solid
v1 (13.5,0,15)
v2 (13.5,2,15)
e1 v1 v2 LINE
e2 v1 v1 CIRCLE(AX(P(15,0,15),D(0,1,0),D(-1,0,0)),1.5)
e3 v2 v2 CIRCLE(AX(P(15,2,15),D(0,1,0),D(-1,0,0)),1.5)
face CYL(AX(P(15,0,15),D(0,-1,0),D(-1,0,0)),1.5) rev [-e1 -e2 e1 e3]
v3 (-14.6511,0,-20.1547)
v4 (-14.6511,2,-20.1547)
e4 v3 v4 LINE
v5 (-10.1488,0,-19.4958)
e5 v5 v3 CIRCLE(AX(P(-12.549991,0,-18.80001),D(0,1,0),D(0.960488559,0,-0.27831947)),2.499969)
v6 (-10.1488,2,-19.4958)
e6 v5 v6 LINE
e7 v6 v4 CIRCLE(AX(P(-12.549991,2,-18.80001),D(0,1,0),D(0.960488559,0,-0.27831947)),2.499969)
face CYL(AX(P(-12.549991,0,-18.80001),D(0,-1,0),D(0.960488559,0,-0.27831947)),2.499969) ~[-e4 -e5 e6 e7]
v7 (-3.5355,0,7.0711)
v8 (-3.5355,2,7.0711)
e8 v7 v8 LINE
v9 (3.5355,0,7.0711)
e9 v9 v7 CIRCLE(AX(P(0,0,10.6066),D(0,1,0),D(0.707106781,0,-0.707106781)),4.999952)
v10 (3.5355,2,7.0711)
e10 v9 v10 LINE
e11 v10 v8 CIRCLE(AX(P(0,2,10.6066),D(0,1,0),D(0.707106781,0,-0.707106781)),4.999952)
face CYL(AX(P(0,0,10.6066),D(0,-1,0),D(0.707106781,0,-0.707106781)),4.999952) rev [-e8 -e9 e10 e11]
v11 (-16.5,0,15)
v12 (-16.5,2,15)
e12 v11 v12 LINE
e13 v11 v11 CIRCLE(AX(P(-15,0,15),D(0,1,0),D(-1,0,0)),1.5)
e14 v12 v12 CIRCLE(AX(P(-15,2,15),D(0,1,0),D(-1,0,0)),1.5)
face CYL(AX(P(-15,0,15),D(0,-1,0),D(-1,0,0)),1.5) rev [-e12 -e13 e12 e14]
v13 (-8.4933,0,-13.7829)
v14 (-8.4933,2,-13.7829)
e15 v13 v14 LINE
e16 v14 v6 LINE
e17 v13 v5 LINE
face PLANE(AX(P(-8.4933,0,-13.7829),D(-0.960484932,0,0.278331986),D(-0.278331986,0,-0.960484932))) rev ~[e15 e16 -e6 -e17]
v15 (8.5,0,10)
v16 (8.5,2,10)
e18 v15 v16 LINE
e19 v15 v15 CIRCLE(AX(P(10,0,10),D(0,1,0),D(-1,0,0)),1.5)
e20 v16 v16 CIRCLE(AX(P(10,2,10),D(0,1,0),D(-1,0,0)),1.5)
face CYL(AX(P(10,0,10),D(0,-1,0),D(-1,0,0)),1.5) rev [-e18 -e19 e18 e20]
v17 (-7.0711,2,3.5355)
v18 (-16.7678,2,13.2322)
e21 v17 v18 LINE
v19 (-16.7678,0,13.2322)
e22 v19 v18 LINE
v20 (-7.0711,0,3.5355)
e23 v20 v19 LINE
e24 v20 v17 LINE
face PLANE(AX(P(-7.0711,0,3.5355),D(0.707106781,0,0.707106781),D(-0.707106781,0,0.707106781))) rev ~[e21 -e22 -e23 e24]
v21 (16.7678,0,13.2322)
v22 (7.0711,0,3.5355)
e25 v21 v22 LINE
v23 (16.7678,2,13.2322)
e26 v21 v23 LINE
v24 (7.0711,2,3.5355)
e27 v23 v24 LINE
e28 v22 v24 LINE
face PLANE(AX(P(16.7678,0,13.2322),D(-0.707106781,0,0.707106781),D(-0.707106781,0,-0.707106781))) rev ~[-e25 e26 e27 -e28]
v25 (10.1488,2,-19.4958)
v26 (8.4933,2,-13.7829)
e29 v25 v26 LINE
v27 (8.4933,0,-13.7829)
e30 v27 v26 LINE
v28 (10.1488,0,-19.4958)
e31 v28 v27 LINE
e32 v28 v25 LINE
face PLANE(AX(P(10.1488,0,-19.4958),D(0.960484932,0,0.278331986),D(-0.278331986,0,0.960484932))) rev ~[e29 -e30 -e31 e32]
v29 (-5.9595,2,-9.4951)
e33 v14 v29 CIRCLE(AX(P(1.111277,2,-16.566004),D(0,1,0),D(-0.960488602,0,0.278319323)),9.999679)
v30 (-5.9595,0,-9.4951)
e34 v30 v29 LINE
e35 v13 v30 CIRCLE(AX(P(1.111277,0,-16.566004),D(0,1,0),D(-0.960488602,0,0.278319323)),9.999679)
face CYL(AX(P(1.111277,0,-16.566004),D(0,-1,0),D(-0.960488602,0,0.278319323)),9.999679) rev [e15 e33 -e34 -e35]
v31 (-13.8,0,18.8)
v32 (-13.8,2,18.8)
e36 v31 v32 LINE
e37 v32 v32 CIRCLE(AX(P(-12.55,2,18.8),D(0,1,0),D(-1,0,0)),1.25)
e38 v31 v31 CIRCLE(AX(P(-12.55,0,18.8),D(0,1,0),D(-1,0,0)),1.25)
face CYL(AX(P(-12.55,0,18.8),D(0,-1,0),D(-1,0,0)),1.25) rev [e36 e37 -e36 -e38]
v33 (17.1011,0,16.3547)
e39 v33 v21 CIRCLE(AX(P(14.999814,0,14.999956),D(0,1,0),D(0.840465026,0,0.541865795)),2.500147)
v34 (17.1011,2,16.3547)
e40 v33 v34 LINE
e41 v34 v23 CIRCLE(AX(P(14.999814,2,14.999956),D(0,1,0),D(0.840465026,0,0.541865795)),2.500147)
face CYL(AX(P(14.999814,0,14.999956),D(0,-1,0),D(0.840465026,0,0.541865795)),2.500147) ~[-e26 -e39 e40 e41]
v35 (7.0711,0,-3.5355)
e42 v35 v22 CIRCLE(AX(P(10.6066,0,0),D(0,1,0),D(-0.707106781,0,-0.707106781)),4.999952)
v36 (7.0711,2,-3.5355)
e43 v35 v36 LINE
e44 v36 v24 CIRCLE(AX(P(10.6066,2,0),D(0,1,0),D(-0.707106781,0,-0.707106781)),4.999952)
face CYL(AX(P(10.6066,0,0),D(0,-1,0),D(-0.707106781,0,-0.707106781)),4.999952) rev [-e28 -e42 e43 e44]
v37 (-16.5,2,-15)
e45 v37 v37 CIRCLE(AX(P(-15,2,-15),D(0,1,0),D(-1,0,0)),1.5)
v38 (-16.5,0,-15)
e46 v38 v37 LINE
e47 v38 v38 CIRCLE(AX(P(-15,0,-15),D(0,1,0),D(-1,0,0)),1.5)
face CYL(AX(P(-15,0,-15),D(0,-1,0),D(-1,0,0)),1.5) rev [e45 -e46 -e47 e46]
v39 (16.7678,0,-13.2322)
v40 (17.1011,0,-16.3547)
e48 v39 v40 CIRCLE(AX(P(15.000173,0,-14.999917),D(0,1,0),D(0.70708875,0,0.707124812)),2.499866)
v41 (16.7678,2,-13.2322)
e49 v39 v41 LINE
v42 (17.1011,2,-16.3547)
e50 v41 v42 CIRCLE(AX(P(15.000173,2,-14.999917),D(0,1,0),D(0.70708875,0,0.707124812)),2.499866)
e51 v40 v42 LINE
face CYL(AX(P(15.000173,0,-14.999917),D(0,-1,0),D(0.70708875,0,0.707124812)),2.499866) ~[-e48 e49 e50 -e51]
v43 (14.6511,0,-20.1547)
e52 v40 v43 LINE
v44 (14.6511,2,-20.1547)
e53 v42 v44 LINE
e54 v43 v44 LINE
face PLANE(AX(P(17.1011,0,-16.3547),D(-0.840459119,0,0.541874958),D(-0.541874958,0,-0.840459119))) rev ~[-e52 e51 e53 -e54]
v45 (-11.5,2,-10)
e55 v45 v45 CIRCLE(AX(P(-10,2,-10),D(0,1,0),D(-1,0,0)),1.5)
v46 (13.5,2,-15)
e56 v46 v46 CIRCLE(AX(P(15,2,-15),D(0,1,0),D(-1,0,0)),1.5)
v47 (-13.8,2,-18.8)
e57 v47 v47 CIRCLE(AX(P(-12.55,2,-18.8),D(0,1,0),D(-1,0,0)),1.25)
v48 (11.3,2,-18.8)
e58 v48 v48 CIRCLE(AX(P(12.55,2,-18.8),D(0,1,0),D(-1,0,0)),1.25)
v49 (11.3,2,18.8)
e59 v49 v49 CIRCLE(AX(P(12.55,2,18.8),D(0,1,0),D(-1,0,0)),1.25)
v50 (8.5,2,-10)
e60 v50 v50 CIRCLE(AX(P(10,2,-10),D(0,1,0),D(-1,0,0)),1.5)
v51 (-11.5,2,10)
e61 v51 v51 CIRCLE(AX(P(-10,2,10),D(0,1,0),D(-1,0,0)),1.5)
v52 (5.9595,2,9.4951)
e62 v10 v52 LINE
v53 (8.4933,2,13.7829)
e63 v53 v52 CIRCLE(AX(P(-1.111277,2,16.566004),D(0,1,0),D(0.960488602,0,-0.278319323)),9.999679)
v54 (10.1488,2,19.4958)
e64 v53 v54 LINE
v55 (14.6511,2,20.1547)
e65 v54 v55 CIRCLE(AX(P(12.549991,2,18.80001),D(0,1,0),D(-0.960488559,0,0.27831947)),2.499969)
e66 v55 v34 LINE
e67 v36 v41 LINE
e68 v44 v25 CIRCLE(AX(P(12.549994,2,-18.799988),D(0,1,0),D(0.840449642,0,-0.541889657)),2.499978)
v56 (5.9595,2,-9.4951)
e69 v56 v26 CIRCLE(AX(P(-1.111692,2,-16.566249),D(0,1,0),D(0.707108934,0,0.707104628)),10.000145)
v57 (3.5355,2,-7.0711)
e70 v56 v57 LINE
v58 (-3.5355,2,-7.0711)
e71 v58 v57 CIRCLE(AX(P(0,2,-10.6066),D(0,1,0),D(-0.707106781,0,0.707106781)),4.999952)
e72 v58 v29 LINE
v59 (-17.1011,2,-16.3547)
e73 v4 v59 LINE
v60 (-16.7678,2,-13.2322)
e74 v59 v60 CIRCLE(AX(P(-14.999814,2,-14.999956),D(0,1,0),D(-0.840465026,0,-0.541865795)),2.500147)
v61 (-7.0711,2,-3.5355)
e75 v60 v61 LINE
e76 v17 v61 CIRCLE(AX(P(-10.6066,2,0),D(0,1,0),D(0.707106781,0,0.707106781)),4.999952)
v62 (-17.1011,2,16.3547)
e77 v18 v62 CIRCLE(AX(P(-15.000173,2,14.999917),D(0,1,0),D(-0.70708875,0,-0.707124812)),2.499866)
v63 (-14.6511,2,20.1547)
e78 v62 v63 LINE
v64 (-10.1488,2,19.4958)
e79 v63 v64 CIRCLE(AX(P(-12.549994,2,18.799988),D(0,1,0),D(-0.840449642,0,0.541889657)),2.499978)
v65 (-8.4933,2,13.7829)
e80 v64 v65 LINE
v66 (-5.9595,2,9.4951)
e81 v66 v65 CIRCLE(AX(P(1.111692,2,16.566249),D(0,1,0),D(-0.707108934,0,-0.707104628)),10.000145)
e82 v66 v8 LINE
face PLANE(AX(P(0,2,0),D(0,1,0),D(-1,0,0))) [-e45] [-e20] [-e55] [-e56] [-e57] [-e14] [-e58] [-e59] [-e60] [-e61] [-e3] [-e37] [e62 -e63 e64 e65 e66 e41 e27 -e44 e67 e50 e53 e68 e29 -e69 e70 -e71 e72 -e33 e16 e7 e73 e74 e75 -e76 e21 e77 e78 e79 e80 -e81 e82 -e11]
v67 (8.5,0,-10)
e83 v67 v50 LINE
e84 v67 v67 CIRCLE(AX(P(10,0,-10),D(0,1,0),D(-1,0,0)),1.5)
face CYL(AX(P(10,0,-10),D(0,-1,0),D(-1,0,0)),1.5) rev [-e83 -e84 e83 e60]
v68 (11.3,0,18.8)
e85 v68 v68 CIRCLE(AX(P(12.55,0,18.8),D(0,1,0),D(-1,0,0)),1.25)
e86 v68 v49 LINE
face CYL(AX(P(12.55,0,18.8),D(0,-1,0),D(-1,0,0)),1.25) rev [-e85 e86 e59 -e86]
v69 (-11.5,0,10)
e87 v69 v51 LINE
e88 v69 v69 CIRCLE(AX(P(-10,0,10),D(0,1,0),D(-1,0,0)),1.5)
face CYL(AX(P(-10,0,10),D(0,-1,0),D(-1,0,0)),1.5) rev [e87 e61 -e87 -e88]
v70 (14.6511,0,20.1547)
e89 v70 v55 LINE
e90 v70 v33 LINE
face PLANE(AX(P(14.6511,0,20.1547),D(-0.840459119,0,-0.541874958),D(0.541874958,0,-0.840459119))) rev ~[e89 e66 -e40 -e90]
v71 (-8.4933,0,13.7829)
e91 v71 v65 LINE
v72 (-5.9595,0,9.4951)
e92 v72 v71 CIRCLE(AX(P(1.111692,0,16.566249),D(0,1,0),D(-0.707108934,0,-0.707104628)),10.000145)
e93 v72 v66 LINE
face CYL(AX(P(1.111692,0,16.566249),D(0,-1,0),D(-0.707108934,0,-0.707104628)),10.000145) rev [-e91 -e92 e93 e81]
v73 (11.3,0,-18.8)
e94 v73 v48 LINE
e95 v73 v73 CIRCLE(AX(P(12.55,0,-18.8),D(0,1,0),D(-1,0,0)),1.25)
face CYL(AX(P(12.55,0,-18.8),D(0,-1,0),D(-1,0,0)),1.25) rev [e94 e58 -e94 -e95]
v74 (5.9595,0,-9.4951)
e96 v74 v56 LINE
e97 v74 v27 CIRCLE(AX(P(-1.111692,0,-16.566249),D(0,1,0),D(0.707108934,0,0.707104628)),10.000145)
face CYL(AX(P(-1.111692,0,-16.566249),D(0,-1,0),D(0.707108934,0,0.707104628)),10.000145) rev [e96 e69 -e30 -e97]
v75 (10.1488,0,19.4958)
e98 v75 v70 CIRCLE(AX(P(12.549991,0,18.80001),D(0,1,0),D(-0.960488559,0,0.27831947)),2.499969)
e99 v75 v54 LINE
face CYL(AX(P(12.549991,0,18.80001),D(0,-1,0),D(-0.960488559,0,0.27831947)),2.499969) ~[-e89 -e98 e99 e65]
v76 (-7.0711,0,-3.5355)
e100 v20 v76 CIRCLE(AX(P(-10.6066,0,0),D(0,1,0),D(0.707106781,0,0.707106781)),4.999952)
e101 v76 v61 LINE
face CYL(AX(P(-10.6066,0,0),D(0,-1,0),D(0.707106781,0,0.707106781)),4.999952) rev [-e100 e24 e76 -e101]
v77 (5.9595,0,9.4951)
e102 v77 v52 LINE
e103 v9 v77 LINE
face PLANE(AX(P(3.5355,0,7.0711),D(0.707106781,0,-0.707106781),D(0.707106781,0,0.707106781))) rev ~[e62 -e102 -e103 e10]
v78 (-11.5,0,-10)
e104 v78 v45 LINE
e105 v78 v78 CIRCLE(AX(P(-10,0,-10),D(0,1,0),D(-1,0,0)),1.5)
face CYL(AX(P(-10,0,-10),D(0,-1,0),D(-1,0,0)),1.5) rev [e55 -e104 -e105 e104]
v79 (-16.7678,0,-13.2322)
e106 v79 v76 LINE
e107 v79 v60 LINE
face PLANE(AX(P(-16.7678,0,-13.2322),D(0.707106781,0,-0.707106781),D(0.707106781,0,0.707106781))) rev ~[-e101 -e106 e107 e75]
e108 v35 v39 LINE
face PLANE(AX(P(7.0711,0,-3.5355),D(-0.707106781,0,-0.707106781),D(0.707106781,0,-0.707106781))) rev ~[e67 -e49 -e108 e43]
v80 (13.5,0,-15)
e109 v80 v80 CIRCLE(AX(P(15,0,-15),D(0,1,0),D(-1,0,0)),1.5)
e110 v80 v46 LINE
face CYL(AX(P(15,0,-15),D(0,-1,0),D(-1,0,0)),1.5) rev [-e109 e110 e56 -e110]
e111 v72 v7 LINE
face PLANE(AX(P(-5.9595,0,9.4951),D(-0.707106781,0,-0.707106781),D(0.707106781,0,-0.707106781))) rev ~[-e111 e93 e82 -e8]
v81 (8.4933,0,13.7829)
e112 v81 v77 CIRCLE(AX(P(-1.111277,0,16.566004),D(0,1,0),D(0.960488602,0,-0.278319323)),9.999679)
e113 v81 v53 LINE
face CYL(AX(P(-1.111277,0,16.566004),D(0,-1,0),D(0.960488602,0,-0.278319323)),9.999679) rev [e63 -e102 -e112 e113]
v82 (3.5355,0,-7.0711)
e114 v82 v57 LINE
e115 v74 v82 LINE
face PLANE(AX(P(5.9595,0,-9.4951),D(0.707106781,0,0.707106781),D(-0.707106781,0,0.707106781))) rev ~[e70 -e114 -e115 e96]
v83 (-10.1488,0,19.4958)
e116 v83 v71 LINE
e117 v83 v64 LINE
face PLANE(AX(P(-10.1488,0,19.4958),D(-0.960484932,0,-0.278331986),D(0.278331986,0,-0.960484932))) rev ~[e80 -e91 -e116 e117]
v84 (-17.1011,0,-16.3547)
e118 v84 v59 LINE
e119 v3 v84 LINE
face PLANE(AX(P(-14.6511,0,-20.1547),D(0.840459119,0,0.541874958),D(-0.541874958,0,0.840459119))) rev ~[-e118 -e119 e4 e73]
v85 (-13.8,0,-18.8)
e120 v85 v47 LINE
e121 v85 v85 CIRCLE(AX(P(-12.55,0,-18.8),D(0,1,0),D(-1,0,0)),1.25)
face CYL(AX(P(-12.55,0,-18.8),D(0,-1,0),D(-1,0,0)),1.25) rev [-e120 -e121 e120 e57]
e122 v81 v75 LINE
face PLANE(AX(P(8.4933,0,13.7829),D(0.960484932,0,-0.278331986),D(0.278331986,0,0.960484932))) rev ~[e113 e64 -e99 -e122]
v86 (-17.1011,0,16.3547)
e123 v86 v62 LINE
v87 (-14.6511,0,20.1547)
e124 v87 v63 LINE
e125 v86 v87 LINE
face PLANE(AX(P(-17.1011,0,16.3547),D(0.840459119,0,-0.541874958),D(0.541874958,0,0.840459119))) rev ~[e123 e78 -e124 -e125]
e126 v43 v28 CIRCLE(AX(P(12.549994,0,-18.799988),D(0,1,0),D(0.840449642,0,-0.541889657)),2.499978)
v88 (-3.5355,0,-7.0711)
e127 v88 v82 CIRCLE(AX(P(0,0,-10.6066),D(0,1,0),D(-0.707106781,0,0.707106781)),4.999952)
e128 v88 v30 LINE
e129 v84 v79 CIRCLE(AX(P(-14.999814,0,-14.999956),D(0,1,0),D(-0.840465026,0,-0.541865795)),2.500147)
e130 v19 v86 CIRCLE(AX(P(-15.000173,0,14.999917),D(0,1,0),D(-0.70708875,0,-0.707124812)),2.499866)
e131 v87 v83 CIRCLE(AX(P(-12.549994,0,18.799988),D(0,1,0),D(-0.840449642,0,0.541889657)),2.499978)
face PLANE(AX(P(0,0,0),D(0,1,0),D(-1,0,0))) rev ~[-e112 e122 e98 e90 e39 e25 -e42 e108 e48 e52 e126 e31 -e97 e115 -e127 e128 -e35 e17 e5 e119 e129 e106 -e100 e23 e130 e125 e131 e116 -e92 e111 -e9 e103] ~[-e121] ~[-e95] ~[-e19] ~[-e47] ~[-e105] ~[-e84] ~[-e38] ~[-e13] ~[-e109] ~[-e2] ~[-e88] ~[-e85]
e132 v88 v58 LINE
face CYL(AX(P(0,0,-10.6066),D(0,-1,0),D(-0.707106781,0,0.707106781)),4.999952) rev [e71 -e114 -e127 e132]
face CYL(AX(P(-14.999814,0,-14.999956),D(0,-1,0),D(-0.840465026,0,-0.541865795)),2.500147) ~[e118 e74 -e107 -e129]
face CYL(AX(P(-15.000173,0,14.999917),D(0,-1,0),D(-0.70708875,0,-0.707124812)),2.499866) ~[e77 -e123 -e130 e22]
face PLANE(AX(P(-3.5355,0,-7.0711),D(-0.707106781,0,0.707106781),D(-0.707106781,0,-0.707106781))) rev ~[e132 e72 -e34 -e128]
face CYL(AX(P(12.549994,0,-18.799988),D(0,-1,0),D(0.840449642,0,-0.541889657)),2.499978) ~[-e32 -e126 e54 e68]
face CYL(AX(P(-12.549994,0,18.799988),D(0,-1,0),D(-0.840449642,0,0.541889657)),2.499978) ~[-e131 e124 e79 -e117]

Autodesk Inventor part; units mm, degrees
ref_plane "YZ Plane" through (0, 0, 0) normal (1, 0, 0) x (0, 1, 0)
ref_plane "XZ Plane" through (0, 0, 0) normal (0, 1, 0) x (-1, 0, 0)
ref_plane "XY Plane" through (0, 0, 0) normal (0, 0, 1) x (1, 0, 0)
sketch "Эскиз1" plane through (0, 0, 0) normal (0, 1, 0) x (-1, 0, 0)
  circle A0 centre (12.55, 18.8) radius 1.25
  circle A1 centre (-12.55, 18.8) radius 1.25
  circle A2 centre (-12.55, -18.8) radius 1.25
  circle A3 centre (12.55, -18.8) radius 1.25
  circle A4 centre (15, -15) radius 1.5
  circle A5 centre (15, 15) radius 1.5
  circle A6 centre (10, 10) radius 1.5
  circle A7 centre (10, -10) radius 1.5
  circle A8 centre (-10, 10) radius 1.5
  circle A9 centre (-10, -10) radius 1.5
  circle A10 centre (-15, -15) radius 1.5
  circle A11 centre (-15, 15) radius 1.5
  arc A12 (16.7678, 13.2322) -> (17.1011, 16.3547) centre (15, 15) ccw
  arc A13 (-16.7678, -13.2322) -> (-17.1011, -16.3547) centre (-15, -15) ccw
  arc A14 (17.1011, -16.3547) -> (16.7678, -13.2322) centre (15, -15) ccw
  arc A15 (-17.1011, 16.3547) -> (-16.7678, 13.2322) centre (-15, 15) ccw
  line L0 (16.7678, -13.2322) -> (7.0711, -3.5355)
  line L1 (-3.5355, 7.0711) -> (-5.9595, 9.4951)
  line L2 (-5.9595, -9.4951) -> (-3.5355, -7.0711)
  line L3 (7.0711, 3.5355) -> (16.7678, 13.2322)
  line L4 (5.9595, 9.4951) -> (3.5355, 7.0711)
  line L5 (-7.0711, -3.5355) -> (-16.7678, -13.2322)
  line L6 (-16.7678, 13.2322) -> (-7.0711, 3.5355)
  line L7 (3.5355, -7.0711) -> (5.9595, -9.4951)
  line L8 (10.1488, 19.4958) -> (8.4933, 13.7829)
  arc A16 (14.6511, 20.1547) -> (10.1488, 19.4958) centre (12.55, 18.8) ccw
  line L9 (10, -10) -> (12.55, -18.8) construction
  line L10 (8.4933, -13.7829) -> (10.1488, -19.4958)
  arc A17 (10.1488, -19.4958) -> (14.6511, -20.1547) centre (12.55, -18.8) ccw
  line L11 (-10.1488, -19.4958) -> (-8.4933, -13.7829)
  arc A18 (-14.6511, -20.1547) -> (-10.1488, -19.4958) centre (-12.55, -18.8) ccw
  line L12 (-8.4933, 13.7829) -> (-10.1488, 19.4958)
  arc A19 (-10.1488, 19.4958) -> (-14.6511, 20.1547) centre (-12.55, 18.8) ccw
  line L13 (10, 10) -> (10.4175, 11.4407) construction
  line L14 (12.2021, 17.5994) -> (12.55, 18.8) construction
  line L15 (12.55, 18.8) -> (15, 15) construction
  line L16 (17.1011, 16.3547) -> (14.6511, 20.1547)
  arc A20 (14.6511, 20.1547) -> (10.1488, 19.4958) centre (12.55, 18.8) ccw
  arc A21 (16.7678, 13.2322) -> (17.1011, 16.3547) centre (15, 15) ccw
  line L17 (15, -15) -> (12.55, -18.8) construction
  line L18 (11.8055, -15.3411) -> (11.6276, -15.617)
  line L19 (14.6511, -20.1547) -> (17.1011, -16.3547)
  arc A22 (17.1011, -16.3547) -> (16.7678, -13.2322) centre (15, -15) ccw
  arc A23 (10.1488, -19.4958) -> (14.6511, -20.1547) centre (12.55, -18.8) ccw
  line L20 (-12.55, -18.8) -> (-15, -15) construction
  line L21 (-17.1011, -16.3547) -> (-14.6511, -20.1547)
  arc A24 (-14.6511, -20.1547) -> (-10.1488, -19.4958) centre (-12.55, -18.8) ccw
  arc A25 (-16.7678, -13.2322) -> (-17.1011, -16.3547) centre (-15, -15) ccw
  line L22 (-15, 15) -> (-12.55, 18.8) construction
  line L23 (-14.6511, 20.1547) -> (-17.1011, 16.3547)
  arc A26 (-17.1011, 16.3547) -> (-16.7678, 13.2322) centre (-15, 15) ccw
  arc A27 (-10.1488, 19.4958) -> (-14.6511, 20.1547) centre (-12.55, 18.8) ccw
  arc A28 (7.0711, 3.5355) -> (7.0711, -3.5355) centre (10.6066, 0) ccw
  arc A29 (-3.5355, 7.0711) -> (3.5355, 7.0711) centre (0, 10.6066) ccw
  arc A30 (3.5355, -7.0711) -> (-3.5355, -7.0711) centre (0, -10.6066) ccw
  arc A31 (-7.0711, -3.5355) -> (-7.0711, 3.5355) centre (-10.6066, 0) ccw
  arc A32 (5.9595, 9.4951) -> (8.4933, 13.7829) centre (-1.1115, 16.5661) ccw
  arc A33 (-8.4933, 13.7829) -> (-5.9595, 9.4951) centre (1.1115, 16.5661) ccw
  arc A34 (-5.9595, -9.4951) -> (-8.4933, -13.7829) centre (1.1115, -16.5661) ccw
  arc A35 (8.4933, -13.7829) -> (5.9595, -9.4951) centre (-1.1115, -16.5661) ccw
  point P0 (0, 0)
  point P1 (0, 0)
  point P2 (0, 0)
  point P3 (11.275, 14.4)
  point P4 (11.275, -14.4)
  point P5 (-11.275, -14.4)
  point P6 (-11.275, 14.4)
  point P7 (13.775, 16.9)
  point P8 (13.775, -16.9)
  point P9 (-13.775, -16.9)
  point P10 (-13.775, 16.9)
  dimension "d12" = 3
  dimension "d7" = 2.5
  dimension "d8" = 2.5
  dimension "d9" = 2.5
  dimension "d10" = 3
  dimension "d11" = 3
  dimension "d13" = 3
  dimension "d14" = 3
  dimension "d15" = 3
  dimension "d16" = 3
  dimension "d17" = 3
  dimension "d21" = 5
  dimension "d24" = 5
  dimension "d25" = 5
  dimension "d26" = 5
  dimension "d27" = 5
  dimension "d28" = 5
  dimension "d29" = 10
extrude "Выдавливание1" add sketch "Эскиз1" along normal blind 2
properties part number "2030fermto"
